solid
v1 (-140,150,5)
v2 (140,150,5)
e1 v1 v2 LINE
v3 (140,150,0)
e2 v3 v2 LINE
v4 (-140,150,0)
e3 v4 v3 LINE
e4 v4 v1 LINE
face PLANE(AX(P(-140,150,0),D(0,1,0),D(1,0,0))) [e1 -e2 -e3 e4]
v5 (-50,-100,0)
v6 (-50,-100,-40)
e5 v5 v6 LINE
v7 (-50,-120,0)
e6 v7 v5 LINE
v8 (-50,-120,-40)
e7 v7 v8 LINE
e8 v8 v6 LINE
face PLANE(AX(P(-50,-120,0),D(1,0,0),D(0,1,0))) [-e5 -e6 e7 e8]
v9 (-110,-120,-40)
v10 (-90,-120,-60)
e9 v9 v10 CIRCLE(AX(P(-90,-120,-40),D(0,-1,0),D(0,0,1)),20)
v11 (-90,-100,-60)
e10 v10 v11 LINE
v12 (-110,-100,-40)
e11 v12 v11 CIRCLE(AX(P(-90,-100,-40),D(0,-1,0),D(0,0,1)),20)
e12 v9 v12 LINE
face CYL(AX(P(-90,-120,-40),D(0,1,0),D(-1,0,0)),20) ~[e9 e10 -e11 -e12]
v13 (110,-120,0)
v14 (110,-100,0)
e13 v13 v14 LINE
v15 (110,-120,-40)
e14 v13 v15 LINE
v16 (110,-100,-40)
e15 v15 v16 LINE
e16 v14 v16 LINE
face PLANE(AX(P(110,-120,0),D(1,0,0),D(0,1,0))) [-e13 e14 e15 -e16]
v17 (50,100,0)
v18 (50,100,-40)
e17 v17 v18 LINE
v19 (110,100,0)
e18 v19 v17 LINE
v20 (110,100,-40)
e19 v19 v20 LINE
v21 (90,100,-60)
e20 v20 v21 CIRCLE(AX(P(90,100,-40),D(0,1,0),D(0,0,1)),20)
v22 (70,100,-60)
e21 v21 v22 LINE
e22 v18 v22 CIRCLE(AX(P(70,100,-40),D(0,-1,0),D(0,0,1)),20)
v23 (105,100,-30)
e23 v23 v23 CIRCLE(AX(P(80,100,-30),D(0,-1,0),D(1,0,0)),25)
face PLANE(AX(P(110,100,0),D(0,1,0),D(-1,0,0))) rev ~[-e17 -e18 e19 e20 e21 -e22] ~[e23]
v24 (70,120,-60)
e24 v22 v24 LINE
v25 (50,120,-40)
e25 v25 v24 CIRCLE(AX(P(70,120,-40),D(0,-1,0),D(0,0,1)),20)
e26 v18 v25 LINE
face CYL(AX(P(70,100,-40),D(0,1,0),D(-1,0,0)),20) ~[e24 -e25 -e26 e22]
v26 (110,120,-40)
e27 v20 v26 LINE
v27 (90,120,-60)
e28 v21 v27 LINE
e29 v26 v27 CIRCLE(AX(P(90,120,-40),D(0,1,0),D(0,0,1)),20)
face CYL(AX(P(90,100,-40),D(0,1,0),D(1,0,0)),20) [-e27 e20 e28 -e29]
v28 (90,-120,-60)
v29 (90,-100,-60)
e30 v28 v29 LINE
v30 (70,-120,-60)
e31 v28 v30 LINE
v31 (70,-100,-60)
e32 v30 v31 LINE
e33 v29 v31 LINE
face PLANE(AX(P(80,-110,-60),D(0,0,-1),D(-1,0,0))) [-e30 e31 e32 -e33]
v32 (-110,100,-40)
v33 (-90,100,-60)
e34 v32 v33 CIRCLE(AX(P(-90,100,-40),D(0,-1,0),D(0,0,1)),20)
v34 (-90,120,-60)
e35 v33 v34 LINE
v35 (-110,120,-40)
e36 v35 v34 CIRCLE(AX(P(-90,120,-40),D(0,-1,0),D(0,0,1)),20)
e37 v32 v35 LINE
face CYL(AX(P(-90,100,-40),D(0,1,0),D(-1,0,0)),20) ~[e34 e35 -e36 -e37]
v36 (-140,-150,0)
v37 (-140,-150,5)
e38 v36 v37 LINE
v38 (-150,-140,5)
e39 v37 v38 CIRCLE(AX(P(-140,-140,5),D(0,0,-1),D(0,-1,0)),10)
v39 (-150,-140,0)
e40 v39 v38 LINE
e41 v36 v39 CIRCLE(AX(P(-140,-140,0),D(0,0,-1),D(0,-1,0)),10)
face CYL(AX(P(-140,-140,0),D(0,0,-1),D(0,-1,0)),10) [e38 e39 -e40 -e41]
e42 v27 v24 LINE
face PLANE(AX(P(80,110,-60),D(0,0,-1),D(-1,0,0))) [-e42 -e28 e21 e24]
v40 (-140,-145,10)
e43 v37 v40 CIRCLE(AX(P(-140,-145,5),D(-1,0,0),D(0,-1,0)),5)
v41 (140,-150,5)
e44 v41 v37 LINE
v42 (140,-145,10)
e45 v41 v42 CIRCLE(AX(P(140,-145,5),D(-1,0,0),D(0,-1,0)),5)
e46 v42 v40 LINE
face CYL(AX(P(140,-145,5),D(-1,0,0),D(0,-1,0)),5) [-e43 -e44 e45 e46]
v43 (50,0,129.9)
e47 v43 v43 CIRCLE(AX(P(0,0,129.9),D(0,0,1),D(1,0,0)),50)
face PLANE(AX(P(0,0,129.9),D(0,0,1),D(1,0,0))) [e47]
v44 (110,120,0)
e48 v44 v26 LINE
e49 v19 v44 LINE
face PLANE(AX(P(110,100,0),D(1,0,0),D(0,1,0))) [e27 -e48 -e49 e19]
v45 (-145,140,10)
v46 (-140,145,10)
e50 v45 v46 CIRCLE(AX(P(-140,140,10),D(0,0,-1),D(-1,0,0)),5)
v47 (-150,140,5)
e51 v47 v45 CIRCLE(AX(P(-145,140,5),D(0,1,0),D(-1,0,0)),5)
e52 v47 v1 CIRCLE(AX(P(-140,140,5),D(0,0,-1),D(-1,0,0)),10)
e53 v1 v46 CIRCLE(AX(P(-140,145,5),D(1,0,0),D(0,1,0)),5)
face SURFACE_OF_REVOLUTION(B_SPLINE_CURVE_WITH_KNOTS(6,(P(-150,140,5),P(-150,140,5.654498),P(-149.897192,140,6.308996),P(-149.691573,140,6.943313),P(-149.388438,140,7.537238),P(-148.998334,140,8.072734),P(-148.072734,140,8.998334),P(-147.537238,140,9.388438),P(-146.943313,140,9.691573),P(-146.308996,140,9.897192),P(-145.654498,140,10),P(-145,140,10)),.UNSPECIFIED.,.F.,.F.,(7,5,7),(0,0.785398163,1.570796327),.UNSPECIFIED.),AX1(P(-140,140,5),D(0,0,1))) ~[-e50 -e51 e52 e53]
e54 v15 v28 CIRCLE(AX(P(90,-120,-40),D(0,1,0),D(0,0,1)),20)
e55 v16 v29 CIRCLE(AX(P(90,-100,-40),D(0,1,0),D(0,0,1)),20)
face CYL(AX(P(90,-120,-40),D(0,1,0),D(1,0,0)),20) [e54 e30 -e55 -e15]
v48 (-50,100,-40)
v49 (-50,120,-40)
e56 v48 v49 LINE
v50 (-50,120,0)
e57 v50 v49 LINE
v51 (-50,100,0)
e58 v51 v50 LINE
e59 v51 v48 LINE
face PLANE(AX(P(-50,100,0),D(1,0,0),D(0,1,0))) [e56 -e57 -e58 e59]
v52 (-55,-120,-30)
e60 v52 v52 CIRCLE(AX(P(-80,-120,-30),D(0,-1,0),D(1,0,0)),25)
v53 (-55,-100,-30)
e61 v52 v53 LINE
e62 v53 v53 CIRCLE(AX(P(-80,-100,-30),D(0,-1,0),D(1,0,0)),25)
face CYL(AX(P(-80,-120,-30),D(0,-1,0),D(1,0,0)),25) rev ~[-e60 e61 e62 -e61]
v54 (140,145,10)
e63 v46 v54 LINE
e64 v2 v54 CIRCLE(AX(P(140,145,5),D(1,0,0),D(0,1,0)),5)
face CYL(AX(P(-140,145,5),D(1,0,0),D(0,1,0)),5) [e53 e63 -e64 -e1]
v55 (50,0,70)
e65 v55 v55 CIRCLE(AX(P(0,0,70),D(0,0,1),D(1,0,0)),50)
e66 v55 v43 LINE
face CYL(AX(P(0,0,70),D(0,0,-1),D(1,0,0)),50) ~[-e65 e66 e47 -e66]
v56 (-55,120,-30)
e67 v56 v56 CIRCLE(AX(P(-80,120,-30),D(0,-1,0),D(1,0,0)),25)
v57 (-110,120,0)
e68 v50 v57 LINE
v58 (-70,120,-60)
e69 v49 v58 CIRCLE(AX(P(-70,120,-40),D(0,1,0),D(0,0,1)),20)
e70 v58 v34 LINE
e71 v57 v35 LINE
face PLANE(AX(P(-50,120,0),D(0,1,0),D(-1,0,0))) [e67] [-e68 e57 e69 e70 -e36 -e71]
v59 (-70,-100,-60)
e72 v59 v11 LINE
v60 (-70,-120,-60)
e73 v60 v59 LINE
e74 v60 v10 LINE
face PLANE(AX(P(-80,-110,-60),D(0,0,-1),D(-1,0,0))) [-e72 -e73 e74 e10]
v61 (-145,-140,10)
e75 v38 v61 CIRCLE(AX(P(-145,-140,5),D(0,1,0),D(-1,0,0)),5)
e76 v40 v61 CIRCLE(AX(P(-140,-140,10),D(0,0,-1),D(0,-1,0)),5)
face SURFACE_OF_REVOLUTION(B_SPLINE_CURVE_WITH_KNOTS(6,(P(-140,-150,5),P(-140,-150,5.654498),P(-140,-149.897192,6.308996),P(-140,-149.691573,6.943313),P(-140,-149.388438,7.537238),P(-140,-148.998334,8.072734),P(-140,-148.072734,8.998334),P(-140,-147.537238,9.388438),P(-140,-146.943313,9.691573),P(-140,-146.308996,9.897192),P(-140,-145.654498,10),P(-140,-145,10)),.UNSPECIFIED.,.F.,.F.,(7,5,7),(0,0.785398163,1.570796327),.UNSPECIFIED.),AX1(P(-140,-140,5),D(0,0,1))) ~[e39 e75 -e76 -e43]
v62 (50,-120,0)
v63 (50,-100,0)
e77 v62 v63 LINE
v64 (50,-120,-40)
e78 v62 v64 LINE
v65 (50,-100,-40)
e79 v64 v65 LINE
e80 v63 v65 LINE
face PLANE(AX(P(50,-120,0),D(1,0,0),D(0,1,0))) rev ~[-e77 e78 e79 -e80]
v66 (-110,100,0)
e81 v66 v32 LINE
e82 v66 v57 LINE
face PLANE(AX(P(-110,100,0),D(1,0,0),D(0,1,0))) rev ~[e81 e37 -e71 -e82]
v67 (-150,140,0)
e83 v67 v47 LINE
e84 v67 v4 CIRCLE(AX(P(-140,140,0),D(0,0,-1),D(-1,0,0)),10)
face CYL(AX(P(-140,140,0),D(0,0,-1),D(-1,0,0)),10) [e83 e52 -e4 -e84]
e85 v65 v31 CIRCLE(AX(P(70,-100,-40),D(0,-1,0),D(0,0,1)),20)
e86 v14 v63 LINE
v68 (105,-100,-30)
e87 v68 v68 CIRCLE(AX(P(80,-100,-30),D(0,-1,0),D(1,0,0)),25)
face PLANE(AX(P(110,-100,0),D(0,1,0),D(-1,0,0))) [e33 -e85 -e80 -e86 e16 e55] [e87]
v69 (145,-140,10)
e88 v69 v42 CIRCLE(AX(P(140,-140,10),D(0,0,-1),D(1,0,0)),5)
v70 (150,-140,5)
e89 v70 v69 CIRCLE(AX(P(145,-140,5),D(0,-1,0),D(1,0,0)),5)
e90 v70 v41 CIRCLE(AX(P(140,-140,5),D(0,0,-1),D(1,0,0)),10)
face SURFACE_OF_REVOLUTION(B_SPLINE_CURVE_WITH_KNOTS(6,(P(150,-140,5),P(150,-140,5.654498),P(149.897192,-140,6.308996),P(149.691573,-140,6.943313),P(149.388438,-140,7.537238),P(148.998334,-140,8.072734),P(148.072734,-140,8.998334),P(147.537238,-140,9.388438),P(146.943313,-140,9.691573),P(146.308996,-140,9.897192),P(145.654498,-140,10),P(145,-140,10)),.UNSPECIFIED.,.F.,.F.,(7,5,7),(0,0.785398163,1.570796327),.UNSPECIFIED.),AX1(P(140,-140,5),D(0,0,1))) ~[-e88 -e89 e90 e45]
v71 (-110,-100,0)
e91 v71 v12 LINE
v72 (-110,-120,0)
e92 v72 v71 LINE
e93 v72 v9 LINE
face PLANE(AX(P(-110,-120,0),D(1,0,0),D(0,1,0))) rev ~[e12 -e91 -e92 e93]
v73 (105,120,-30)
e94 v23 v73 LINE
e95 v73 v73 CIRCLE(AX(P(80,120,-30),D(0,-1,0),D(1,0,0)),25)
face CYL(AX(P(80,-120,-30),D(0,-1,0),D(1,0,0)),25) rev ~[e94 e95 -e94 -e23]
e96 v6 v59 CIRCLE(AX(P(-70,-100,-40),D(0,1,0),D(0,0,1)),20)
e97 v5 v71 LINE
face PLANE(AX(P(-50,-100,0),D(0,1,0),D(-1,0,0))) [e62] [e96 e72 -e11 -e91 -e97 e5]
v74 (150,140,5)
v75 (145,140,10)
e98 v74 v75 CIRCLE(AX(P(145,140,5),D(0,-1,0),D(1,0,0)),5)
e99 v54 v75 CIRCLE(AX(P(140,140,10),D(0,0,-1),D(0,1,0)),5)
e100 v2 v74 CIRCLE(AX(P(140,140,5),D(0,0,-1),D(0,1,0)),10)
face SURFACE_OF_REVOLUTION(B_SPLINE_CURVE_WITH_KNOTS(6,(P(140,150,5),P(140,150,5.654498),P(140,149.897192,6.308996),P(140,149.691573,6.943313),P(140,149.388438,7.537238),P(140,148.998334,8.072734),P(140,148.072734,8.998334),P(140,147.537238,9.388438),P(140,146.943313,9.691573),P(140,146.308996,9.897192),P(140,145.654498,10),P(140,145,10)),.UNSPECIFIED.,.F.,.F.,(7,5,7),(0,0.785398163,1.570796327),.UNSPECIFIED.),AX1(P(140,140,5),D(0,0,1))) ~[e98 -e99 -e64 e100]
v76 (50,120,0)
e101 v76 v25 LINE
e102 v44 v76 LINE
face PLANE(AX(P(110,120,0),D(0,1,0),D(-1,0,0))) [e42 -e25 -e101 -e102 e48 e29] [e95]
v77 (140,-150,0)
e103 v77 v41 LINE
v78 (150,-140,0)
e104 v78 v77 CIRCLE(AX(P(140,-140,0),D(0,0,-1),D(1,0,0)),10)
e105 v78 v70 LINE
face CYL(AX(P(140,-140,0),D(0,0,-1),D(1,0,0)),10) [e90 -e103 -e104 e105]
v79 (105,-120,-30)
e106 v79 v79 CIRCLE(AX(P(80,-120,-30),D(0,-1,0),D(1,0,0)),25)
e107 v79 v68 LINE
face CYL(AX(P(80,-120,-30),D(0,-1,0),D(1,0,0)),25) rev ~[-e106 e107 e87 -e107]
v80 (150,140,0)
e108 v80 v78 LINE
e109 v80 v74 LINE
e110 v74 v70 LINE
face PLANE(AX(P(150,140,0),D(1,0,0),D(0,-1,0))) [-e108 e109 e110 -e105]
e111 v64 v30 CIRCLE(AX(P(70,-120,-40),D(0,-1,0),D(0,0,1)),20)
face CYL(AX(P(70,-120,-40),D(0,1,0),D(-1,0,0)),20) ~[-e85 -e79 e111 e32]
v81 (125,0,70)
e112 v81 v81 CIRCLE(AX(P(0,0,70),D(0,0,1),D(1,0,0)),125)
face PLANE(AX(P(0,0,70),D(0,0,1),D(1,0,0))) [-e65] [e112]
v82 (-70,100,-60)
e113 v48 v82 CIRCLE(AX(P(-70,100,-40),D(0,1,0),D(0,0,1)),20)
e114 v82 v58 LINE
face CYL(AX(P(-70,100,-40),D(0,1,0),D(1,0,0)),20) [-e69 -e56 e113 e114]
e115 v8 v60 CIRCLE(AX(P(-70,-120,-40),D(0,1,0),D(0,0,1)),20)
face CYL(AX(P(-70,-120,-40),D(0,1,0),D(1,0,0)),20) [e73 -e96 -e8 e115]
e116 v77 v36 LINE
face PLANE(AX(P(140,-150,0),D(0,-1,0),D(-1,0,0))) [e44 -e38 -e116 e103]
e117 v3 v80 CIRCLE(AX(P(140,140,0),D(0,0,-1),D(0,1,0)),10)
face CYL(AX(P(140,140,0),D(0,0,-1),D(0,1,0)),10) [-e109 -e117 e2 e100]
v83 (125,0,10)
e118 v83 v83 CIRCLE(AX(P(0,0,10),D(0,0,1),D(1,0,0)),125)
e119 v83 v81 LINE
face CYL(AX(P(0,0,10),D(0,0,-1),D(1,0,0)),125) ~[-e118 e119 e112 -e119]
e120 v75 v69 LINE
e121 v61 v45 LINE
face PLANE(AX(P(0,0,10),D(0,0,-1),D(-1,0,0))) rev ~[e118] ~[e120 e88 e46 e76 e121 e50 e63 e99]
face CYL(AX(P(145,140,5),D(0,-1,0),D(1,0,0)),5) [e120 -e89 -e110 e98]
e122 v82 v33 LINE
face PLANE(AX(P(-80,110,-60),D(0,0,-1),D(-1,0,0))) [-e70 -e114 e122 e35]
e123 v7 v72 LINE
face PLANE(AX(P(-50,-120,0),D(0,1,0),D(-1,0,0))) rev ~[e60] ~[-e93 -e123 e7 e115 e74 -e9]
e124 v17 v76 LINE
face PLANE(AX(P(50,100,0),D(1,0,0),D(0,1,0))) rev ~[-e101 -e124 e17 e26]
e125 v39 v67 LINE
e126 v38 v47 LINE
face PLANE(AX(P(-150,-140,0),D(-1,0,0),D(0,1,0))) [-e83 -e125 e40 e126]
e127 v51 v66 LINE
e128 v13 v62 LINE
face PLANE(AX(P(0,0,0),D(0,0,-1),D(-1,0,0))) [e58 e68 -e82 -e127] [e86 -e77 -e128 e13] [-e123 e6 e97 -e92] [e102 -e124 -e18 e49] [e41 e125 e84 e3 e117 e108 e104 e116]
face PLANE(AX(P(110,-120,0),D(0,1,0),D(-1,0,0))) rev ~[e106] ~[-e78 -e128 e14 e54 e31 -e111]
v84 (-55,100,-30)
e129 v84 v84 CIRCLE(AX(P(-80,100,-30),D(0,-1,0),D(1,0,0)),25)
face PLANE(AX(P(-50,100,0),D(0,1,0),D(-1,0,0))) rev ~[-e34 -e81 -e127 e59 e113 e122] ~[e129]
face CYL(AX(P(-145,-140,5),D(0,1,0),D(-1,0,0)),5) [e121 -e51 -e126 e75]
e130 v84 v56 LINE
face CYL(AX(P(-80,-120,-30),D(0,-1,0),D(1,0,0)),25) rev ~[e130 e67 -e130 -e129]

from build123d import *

# Parameters (mm, degrees)
BOSS_EXTRUDE1_DEPTH = 10
FILLET1_R           = 5
SKETCH3_W           = 60
SKETCH3_H           = 20
BOSS_EXTRUDE2_DEPTH = 60
FILLET2_R           = 20
SKETCH6_R           = 25
CUT_EXTRUDE1_DEPTH  = 271.0000001
SKETCH7_R           = 125
BOSS_EXTRUDE3_DEPTH = 60
SKETCH8_R           = 50
BOSS_EXTRUDE5_DEPTH = 59.9


with BuildPart() as part:
    # Sketch2 → Boss-Extrude1 (new body)
    with BuildSketch(Plane.XY):
        with BuildLine():
            Line((-140, 150), (140, 150))
            ThreePointArc((140, 150), (147.071067812, 147.071067812), (150, 140))
            Line((150, 140), (150, -140))
            ThreePointArc((150, -140), (147.071067812, -147.071067812), (140, -150))
            Line((140, -150), (-140, -150))
            ThreePointArc((-140, -150), (-147.071067812, -147.071067812), (-150, -140))
            Line((-150, -140), (-150, 140))
            ThreePointArc((-150, 140), (-147.071067812, 147.071067812), (-140, 150))
        make_face()
    extrude(amount=BOSS_EXTRUDE1_DEPTH)

    # Fillet1
    fillet1_edges = [part.edges().sort_by_distance(p)[0] for p in [
        (147.071067812, -147.071067812, 10),
        (150, 0, 10),
        (147.071067812, 147.071067812, 10),
        (0, 150, 10),
        (-147.071067812, 147.071067812, 10),
        (-150, 0, 10),
        (-147.071067812, -147.071067812, 10),
        (0, -150, 10),
    ]]
    fillet(fillet1_edges, radius=FILLET1_R)

    # Sketch3 → Boss-Extrude2 (add)
    with BuildSketch(Plane(origin=(0, 0, 0), x_dir=(-1, 0, 0), z_dir=(0, 0, -1))):
        with Locations((80, 110)):
            Rectangle(SKETCH3_W, SKETCH3_H)
        with Locations((-80, 110)):
            Rectangle(SKETCH3_W, SKETCH3_H)
        with Locations((80, -110)):
            Rectangle(SKETCH3_W, SKETCH3_H)
        with Locations((-80, -110)):
            Rectangle(SKETCH3_W, SKETCH3_H)
    extrude(amount=BOSS_EXTRUDE2_DEPTH)

    # Fillet2
    fillet2_edges = [part.edges().sort_by_distance(p)[0] for p in [
        (-110, 110, -60),
        (-50, 110, -60),
        (50, 110, -60),
        (110, 110, -60),
        (-50, -110, -60),
        (-110, -110, -60),
        (110, -110, -60),
        (50, -110, -60),
    ]]
    fillet(fillet2_edges, radius=FILLET2_R)

    # Sketch6 → Cut-Extrude1 (cut, through all)
    with BuildSketch(Plane.XZ.offset(120)):
        with Locations((-80, -30)):
            Circle(SKETCH6_R)
        with Locations((80, -30)):
            Circle(SKETCH6_R)
    extrude(amount=-CUT_EXTRUDE1_DEPTH, mode=Mode.SUBTRACT)

    # Sketch7 → Boss-Extrude3 (add)
    with BuildSketch(Plane.XY.offset(10)):
        Circle(SKETCH7_R)
    extrude(amount=BOSS_EXTRUDE3_DEPTH)

    # Sketch8 → Boss-Extrude5 (add)
    with BuildSketch(Plane.XY.offset(70)):
        Circle(SKETCH8_R)
    extrude(amount=BOSS_EXTRUDE5_DEPTH)


solid = part.part
